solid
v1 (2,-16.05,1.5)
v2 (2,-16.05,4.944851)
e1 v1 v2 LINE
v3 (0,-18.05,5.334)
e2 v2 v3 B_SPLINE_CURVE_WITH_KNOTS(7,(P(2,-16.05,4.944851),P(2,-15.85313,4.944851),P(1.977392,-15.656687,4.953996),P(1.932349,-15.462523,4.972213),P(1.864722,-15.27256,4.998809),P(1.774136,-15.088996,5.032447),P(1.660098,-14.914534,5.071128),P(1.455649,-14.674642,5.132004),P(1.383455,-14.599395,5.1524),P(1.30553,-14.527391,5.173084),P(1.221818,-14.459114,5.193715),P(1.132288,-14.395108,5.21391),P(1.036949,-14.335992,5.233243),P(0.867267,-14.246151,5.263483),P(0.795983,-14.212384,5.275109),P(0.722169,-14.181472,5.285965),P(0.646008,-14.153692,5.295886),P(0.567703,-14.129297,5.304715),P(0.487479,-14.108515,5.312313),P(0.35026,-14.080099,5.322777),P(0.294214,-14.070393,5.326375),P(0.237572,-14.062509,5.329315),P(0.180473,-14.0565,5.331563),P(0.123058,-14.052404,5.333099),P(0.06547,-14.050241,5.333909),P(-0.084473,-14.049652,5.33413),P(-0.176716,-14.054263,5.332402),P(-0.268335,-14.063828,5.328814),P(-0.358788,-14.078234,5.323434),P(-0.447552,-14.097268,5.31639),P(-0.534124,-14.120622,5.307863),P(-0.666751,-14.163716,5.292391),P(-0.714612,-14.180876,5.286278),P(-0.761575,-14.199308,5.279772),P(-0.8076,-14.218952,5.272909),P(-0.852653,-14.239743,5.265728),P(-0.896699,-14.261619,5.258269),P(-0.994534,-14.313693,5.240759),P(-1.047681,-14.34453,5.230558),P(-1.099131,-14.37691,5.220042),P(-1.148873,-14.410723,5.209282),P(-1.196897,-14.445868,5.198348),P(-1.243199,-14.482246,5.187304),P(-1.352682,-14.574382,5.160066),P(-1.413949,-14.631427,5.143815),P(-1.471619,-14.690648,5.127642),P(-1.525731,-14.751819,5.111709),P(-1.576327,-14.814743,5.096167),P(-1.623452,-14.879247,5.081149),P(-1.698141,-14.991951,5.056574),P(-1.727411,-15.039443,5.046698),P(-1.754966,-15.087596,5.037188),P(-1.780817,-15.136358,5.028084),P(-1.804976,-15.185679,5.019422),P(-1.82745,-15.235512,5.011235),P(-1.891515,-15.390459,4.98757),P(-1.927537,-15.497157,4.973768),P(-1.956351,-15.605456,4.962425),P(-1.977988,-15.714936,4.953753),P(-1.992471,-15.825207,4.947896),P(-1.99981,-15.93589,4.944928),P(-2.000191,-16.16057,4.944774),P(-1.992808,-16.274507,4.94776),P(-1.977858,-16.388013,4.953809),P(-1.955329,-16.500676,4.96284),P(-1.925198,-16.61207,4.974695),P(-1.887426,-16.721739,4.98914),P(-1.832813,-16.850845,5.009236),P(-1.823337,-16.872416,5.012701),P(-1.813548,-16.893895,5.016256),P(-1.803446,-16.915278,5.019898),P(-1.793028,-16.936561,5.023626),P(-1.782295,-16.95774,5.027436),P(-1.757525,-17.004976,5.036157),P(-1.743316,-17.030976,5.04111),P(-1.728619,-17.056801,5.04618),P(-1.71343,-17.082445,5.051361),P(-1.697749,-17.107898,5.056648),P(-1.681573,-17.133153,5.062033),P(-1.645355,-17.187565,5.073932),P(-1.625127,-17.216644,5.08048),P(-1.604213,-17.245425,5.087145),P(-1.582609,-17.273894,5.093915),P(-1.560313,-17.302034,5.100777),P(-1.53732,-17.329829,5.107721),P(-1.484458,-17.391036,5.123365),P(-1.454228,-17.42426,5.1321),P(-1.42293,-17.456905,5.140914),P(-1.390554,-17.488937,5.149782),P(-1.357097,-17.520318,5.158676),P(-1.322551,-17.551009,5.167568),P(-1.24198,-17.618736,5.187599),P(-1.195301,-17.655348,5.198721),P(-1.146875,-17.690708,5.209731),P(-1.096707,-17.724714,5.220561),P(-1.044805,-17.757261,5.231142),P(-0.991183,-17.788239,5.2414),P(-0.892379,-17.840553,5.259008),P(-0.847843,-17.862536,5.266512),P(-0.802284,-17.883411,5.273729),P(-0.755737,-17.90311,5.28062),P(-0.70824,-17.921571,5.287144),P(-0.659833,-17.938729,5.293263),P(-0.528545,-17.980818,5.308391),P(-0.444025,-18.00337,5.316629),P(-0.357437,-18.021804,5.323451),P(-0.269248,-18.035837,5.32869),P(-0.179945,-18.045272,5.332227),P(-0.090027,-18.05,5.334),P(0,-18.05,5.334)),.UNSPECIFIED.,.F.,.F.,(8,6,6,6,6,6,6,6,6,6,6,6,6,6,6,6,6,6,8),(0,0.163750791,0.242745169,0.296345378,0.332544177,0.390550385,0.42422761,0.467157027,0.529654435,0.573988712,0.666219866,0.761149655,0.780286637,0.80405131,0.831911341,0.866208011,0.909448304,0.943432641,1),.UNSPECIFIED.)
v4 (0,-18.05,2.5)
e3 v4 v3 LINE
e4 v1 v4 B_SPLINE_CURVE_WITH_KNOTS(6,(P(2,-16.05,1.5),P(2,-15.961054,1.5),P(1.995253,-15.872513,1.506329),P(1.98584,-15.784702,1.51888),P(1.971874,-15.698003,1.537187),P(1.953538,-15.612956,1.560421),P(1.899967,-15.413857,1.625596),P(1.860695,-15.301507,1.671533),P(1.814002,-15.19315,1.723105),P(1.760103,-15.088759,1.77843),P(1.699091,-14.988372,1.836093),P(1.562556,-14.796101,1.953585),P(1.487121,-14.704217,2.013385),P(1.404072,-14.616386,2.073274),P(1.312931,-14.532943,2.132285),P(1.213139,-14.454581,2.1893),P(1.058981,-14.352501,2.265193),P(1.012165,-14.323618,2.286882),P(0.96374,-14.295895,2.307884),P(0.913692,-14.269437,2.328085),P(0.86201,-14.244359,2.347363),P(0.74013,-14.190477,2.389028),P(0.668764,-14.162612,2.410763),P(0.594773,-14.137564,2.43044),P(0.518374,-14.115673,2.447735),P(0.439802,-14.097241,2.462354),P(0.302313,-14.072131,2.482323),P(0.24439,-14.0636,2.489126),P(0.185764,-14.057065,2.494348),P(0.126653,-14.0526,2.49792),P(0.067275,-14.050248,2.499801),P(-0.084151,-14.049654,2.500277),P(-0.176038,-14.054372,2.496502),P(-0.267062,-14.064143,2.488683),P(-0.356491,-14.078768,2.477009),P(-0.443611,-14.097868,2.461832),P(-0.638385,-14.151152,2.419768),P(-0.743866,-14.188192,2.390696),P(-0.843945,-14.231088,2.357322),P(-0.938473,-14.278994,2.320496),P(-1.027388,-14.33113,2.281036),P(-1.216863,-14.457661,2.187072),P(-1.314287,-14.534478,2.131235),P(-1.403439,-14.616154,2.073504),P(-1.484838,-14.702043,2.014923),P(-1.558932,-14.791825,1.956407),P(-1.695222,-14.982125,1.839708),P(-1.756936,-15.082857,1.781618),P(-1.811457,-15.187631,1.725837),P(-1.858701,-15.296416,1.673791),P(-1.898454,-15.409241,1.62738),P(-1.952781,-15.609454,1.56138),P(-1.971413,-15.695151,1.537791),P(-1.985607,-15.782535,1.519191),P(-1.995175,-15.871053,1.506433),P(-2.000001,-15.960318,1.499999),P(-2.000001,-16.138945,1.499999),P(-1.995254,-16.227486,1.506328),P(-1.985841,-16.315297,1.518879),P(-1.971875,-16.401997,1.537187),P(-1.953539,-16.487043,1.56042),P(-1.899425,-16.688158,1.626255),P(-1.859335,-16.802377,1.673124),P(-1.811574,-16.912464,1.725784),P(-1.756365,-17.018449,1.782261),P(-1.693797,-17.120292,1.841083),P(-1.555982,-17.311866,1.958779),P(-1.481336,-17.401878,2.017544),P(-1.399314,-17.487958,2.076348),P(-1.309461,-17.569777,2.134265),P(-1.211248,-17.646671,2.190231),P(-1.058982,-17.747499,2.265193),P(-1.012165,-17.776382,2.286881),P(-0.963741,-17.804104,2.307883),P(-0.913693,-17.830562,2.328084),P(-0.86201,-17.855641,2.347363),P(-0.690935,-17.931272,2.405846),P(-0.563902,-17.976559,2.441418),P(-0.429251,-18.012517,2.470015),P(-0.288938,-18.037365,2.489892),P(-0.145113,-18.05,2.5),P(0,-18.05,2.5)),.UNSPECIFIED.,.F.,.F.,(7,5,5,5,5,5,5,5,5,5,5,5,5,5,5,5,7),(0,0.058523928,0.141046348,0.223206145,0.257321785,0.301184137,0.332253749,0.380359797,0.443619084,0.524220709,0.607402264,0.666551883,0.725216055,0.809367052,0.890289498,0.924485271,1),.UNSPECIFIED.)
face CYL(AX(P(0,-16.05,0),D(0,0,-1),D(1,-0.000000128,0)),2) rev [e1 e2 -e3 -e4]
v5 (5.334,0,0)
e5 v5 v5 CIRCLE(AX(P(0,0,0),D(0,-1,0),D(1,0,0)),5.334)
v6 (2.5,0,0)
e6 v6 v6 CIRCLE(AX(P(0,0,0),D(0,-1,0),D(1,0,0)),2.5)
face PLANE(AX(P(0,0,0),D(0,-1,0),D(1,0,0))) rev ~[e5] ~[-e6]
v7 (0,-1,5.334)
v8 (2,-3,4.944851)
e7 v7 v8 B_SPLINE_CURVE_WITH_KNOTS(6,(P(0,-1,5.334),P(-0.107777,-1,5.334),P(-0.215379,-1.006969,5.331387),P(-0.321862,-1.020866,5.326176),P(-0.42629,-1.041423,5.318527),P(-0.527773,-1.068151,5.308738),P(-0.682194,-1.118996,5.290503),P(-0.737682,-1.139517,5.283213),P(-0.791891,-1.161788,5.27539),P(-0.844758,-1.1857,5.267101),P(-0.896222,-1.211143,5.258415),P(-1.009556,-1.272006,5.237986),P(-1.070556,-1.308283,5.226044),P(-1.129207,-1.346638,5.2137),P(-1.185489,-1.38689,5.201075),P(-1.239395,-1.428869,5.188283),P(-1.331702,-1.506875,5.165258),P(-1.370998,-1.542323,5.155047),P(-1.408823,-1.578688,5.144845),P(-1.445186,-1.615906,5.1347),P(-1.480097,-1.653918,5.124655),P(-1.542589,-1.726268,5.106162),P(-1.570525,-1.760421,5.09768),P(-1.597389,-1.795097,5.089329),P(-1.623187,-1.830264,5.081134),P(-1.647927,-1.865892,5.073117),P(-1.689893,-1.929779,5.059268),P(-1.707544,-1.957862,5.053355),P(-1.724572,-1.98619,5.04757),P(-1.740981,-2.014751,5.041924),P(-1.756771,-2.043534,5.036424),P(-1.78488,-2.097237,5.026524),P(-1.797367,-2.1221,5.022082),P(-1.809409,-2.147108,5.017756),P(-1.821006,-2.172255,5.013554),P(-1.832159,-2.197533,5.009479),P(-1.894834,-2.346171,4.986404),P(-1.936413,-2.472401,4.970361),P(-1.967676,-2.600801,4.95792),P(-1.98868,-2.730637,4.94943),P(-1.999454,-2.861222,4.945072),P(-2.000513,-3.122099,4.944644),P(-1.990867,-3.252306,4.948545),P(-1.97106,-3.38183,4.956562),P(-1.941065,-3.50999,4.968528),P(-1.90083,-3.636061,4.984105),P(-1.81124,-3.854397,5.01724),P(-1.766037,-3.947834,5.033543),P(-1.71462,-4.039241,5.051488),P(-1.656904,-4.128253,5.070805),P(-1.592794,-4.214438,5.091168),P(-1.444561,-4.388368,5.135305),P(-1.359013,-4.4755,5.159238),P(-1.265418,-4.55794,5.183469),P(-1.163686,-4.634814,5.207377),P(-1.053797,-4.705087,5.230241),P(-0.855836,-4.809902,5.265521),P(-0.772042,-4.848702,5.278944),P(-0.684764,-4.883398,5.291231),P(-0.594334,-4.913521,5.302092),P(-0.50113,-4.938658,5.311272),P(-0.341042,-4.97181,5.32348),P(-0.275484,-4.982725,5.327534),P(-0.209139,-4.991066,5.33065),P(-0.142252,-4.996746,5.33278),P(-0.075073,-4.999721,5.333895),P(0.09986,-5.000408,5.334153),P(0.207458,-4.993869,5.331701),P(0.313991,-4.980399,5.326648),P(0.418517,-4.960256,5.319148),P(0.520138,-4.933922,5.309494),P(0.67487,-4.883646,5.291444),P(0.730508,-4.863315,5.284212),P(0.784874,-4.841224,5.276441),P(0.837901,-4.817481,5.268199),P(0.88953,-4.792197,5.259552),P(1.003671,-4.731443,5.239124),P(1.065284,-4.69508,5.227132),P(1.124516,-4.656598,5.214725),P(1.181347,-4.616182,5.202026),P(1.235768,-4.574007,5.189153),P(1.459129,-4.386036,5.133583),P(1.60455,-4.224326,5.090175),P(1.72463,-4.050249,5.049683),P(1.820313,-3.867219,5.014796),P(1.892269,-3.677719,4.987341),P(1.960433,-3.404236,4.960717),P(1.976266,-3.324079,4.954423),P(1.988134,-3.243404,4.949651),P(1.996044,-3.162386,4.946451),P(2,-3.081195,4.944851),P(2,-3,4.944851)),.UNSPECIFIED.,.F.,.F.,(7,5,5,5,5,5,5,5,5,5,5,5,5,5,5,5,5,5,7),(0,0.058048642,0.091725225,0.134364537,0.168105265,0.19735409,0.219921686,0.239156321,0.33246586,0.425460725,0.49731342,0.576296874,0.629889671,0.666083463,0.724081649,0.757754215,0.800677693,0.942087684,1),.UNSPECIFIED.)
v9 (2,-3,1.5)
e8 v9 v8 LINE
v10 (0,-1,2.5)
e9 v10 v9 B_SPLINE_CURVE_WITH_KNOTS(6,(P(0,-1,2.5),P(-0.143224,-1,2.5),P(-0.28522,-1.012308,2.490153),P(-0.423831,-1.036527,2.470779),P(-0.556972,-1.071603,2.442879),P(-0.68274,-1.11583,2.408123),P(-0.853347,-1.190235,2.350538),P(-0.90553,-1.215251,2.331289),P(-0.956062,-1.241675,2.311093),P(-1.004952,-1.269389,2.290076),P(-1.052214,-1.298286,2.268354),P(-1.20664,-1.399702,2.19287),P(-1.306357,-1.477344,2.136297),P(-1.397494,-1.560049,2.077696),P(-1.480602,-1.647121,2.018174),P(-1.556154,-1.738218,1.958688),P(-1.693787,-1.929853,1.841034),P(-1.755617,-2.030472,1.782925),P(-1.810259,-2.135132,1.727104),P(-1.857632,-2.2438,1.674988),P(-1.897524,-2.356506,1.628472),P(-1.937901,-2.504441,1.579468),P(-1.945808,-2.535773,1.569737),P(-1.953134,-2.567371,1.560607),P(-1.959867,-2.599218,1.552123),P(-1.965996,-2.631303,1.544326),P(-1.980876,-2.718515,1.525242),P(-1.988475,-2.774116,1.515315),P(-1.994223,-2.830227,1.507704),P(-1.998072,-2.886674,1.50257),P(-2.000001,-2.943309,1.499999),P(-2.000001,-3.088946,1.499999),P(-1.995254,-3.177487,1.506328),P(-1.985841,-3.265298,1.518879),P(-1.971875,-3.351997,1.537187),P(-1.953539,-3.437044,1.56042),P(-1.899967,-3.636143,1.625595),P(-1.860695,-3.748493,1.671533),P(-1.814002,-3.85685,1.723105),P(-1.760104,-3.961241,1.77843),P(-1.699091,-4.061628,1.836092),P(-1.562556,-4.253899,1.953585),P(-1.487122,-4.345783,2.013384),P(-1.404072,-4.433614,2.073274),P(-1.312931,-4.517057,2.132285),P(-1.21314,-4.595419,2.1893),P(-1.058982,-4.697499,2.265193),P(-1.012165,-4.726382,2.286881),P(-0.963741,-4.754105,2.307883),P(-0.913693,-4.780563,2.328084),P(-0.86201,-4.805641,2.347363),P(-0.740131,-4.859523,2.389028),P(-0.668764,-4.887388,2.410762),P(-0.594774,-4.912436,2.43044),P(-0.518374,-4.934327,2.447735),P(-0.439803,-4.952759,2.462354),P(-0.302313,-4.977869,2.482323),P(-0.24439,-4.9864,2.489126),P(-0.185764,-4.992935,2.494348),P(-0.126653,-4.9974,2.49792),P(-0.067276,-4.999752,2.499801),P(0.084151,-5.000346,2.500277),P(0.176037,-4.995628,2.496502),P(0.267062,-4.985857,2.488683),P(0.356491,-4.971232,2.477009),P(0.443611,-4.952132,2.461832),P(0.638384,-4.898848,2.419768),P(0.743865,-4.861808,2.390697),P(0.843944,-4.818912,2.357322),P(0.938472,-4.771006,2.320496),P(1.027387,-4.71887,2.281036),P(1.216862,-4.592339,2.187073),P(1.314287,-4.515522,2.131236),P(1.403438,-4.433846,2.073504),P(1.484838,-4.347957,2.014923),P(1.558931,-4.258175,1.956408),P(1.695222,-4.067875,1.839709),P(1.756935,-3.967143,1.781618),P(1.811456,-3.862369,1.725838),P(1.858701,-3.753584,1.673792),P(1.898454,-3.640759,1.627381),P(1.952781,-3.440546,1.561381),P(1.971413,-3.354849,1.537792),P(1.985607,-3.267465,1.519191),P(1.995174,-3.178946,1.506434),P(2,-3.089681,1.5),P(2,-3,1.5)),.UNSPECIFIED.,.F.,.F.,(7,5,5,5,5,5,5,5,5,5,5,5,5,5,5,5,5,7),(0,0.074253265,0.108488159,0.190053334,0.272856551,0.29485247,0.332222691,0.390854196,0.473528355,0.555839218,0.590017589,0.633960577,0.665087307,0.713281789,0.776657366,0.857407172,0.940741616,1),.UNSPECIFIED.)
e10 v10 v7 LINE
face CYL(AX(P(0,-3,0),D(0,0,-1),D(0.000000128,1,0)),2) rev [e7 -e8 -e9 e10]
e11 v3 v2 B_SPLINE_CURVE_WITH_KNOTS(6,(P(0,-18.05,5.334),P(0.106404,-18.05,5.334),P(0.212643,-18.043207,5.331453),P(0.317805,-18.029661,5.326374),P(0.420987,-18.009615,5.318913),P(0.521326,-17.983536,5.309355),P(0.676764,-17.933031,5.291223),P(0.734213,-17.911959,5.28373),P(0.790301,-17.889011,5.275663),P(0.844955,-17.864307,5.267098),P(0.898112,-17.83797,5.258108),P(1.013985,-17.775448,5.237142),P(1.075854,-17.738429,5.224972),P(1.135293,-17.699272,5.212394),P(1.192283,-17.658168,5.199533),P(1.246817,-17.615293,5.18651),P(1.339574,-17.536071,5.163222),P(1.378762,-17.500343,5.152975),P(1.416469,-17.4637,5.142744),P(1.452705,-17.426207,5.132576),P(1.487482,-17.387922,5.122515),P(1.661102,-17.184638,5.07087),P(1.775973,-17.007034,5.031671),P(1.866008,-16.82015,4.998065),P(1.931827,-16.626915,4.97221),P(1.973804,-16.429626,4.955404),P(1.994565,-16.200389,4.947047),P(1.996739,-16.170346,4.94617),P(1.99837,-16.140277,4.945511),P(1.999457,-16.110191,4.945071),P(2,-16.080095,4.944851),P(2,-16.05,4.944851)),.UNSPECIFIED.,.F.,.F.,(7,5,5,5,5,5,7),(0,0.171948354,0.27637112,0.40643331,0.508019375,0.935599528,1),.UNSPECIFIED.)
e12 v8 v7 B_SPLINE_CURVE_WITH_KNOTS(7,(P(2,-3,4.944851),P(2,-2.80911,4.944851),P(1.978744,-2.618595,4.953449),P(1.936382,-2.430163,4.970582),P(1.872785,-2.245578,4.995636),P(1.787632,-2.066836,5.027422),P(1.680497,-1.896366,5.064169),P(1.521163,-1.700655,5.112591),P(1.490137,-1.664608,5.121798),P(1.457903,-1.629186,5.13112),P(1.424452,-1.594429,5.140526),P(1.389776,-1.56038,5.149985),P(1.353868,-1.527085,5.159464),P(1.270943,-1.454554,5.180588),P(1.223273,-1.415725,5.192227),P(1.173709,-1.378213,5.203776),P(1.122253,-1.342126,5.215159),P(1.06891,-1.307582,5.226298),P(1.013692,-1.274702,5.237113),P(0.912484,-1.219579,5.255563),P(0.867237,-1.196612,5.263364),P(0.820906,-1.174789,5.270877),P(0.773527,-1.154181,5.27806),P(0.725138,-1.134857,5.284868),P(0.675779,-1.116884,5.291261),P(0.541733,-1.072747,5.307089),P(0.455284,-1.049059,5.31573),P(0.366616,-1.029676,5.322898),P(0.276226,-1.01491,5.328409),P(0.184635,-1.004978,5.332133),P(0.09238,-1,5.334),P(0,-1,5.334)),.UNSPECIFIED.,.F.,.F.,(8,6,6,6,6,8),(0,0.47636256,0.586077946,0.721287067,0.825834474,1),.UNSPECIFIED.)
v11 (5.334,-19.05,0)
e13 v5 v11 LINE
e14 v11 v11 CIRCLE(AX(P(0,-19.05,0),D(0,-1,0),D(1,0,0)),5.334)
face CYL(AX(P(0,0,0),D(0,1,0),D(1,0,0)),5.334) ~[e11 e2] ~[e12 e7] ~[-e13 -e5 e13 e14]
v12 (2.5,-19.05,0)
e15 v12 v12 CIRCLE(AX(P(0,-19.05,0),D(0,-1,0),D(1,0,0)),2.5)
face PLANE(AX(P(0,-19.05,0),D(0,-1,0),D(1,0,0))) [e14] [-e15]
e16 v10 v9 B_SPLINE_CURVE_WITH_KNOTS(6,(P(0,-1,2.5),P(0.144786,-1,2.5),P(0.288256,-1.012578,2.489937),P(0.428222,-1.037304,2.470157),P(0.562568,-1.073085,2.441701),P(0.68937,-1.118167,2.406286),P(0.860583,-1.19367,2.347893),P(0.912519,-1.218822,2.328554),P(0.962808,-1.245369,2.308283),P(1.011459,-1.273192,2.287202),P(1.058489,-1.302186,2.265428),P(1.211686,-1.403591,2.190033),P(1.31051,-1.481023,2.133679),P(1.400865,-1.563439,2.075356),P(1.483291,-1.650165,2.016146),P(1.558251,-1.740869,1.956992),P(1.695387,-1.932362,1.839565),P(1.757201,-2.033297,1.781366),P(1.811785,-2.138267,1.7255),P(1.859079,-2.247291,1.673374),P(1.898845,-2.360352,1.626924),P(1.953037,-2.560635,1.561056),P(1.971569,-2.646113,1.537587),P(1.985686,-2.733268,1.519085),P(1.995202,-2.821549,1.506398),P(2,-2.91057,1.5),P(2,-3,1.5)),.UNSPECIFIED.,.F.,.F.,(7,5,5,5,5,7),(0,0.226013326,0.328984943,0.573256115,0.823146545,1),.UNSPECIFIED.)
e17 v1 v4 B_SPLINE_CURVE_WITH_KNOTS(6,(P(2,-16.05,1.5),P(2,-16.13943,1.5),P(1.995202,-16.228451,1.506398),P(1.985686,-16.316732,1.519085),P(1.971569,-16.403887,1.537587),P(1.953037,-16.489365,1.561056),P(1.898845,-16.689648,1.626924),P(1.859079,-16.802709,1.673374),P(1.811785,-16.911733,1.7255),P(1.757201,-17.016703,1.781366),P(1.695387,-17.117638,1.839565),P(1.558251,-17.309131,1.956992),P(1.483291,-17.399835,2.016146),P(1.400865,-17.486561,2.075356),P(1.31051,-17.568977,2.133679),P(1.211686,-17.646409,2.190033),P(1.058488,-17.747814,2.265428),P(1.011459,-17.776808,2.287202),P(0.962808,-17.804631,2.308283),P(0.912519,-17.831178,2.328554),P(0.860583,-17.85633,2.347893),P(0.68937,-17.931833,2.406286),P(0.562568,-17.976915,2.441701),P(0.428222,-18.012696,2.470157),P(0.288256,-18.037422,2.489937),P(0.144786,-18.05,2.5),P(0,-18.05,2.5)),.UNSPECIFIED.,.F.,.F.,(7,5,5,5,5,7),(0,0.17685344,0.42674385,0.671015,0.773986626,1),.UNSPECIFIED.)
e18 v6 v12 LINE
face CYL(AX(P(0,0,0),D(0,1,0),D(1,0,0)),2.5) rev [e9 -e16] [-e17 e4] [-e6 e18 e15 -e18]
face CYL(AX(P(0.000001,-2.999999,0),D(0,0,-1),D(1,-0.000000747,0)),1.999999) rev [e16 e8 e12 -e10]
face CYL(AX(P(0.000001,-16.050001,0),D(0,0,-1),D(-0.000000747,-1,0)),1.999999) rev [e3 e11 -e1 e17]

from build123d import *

# Parameters (mm, degrees)
F0_R     = 5.334
F0_R_2   = 2.5
F1_DEPTH = 19.05
F3_DEPTH = 25.4


with BuildPart() as f1:
    # F0 (on Front) → F1 (new body)
    with BuildSketch(Plane.XZ):
        Circle(F0_R)
        Circle(F0_R_2, mode=Mode.SUBTRACT)
    extrude(amount=F1_DEPTH)

    # F2 (on Top) → F3 (cut)
    with BuildSketch(Plane.XY):
        with BuildLine():
            ThreePointArc((0, -18.05), (1.414214, -17.464214), (2, -16.05))
            ThreePointArc((2, -16.05), (-1.414214, -14.635786), (0, -18.05))
        make_face()
        with BuildLine():
            ThreePointArc((0, -1), (-1.414214, -4.414214), (2, -3))
            ThreePointArc((2, -3), (1.414214, -1.585786), (0, -1))
        make_face()
    extrude(amount=F3_DEPTH, mode=Mode.SUBTRACT)


solid = f1.part
